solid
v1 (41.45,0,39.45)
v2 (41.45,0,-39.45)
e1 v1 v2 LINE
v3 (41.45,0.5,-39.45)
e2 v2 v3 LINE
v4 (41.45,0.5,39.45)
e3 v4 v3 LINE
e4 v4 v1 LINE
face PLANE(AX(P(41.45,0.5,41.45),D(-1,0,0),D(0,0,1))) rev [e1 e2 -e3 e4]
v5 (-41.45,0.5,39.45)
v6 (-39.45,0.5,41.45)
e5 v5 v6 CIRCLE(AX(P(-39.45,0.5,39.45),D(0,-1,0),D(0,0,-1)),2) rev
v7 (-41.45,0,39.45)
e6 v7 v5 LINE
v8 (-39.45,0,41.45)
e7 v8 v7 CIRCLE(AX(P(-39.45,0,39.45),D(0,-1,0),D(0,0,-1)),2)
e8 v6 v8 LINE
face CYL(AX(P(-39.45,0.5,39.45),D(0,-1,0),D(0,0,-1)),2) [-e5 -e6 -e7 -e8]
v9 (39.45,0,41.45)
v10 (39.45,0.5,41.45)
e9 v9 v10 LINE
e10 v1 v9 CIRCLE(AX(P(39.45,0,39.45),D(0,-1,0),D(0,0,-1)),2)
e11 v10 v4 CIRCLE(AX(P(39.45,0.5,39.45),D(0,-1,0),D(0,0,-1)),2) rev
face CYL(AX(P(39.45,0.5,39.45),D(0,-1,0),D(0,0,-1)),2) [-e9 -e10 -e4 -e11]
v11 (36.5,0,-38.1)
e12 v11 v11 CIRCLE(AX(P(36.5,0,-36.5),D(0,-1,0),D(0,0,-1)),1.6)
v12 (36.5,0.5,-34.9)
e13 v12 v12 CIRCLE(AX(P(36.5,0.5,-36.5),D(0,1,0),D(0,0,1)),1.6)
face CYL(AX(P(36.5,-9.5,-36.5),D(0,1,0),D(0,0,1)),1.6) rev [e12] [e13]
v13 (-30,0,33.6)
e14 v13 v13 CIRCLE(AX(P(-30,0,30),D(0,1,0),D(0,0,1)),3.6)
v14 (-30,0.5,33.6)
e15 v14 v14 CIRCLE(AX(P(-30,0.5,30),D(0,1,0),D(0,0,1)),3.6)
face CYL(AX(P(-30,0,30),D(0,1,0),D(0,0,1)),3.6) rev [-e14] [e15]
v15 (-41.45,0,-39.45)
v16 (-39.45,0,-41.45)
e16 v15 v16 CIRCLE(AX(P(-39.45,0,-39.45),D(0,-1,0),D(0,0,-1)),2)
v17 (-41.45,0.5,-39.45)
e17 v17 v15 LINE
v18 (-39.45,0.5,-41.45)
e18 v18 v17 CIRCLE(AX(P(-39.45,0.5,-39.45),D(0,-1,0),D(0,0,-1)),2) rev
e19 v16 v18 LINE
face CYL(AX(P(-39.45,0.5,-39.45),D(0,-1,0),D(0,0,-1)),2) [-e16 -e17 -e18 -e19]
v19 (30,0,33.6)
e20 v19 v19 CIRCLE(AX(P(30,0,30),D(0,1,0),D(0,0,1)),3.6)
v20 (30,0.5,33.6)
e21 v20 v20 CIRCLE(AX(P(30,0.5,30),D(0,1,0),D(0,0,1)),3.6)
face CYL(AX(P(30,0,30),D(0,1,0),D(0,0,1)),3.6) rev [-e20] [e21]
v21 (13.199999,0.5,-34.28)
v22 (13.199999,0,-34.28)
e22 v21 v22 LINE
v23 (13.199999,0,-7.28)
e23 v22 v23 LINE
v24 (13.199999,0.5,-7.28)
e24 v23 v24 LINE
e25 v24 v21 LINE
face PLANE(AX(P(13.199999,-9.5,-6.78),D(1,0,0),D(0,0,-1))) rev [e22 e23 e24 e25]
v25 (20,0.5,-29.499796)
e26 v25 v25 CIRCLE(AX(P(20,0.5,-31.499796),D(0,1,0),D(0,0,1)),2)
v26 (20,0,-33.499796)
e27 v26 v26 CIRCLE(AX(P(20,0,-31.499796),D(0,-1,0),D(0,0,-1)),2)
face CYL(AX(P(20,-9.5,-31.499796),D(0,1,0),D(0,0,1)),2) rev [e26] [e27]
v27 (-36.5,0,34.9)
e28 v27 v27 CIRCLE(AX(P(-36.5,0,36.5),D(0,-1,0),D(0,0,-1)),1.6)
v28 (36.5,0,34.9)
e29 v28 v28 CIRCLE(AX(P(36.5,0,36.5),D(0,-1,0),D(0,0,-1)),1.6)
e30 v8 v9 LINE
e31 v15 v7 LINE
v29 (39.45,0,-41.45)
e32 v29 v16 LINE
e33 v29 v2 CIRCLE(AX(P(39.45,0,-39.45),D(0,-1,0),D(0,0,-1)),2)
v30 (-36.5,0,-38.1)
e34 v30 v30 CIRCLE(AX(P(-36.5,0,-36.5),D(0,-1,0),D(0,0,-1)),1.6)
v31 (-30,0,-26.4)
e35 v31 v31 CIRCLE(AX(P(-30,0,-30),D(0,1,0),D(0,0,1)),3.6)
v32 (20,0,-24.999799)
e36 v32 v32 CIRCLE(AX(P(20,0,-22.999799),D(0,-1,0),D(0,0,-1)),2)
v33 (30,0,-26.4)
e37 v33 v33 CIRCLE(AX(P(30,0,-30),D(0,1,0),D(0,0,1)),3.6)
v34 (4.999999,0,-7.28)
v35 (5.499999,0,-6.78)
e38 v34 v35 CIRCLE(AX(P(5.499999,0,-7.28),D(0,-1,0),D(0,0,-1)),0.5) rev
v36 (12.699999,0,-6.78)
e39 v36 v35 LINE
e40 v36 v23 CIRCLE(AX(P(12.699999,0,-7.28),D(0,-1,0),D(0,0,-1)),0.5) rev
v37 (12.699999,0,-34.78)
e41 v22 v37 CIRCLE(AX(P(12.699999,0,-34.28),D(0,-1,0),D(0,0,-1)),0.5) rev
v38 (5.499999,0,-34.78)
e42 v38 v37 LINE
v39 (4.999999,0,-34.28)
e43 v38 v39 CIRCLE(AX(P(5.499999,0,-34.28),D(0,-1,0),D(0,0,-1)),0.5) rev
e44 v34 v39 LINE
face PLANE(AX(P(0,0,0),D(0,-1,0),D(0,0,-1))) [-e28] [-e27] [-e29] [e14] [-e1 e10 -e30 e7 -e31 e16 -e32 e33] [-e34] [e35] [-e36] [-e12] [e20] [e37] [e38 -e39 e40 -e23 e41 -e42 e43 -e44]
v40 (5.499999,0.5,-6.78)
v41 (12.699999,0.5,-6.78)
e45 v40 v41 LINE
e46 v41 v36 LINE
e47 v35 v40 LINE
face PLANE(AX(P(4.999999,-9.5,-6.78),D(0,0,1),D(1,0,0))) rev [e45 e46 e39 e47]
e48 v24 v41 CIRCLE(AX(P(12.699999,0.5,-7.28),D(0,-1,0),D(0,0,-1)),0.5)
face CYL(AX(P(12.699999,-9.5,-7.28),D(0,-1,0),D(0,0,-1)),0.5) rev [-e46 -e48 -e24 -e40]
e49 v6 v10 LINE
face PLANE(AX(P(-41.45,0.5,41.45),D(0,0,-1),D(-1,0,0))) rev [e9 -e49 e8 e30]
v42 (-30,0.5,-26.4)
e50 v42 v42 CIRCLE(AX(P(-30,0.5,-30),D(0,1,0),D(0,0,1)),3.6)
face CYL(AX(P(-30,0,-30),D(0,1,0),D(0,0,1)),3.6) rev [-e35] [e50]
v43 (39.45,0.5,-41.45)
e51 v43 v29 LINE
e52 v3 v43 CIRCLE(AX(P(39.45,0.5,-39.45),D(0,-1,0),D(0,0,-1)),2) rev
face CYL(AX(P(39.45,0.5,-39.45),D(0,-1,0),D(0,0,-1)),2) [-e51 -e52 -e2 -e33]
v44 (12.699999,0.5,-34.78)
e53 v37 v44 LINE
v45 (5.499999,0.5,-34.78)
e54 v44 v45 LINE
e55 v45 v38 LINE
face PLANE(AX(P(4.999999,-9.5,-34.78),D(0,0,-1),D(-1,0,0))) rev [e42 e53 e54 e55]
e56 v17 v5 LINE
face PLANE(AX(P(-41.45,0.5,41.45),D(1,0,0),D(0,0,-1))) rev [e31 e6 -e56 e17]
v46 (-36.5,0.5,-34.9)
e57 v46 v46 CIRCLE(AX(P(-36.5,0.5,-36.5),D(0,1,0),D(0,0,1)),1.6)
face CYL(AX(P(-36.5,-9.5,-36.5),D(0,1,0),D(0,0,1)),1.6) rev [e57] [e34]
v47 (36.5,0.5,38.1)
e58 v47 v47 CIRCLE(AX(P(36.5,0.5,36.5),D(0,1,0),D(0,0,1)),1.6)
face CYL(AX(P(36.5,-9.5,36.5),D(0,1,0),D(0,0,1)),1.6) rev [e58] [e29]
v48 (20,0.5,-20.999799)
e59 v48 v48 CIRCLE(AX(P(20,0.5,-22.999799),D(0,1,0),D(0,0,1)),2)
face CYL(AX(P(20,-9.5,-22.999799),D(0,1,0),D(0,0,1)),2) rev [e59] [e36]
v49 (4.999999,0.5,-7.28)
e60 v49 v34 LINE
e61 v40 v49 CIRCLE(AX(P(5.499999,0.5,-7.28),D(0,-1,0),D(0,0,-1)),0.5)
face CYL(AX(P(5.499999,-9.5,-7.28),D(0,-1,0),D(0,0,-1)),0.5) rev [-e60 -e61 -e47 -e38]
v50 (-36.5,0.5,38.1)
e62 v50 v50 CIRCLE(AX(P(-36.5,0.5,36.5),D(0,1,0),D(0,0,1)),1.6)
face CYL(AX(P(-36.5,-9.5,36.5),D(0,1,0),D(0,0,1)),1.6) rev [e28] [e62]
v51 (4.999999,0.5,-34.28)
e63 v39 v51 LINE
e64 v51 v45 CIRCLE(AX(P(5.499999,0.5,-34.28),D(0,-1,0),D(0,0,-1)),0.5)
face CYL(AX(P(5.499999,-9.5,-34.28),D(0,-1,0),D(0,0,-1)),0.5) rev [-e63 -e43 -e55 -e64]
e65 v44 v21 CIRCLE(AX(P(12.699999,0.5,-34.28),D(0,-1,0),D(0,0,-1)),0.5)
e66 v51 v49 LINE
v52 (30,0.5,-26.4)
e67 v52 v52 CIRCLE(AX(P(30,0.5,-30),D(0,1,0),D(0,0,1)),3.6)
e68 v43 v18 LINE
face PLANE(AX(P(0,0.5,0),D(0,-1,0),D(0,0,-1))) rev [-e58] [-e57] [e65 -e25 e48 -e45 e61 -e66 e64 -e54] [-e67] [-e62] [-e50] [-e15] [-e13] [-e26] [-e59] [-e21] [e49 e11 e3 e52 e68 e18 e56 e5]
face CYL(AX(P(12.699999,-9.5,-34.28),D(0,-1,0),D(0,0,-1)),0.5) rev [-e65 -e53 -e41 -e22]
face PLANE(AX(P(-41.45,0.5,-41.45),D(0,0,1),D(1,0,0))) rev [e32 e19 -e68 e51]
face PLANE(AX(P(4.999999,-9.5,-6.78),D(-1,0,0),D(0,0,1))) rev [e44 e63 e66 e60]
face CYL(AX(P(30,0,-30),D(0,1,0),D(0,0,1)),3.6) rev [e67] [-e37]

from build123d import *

# Parameters (mm, degrees)
SKETCH1_W           = 82.9
SKETCH1_H           = 82.9
BOSS_EXTRUDE1_DEPTH = 0.5
SKETCH2_R           = 3.6
CUT_EXTRUDE1_DEPTH  = 59.62128453
FILLET1_R           = 2
SKETCH3_R           = 1.6
CUT_EXTRUDE2_DEPTH  = 10
SKETCH4_R           = 2
CUT_EXTRUDE3_DEPTH  = 10
SKETCH7_W           = 8.2
SKETCH7_H           = 28
CUT_EXTRUDE5_DEPTH  = 10
FILLET3_R           = 0.5


with BuildPart() as part:
    # Sketch1 → Boss-Extrude1 (new body)
    with BuildSketch(Plane(origin=(0, 0, 0), x_dir=(1, 0, 0), z_dir=(0, 1, 0))):
        Rectangle(SKETCH1_W, SKETCH1_H)
    extrude(amount=BOSS_EXTRUDE1_DEPTH)

    # Sketch2 → Cut-Extrude1 (cut, through all)
    with BuildSketch(Plane(origin=(0, 0.5, 0), x_dir=(1, 0, 0), z_dir=(0, 1, 0))):
        with Locations(Location((-30, 30, 0), (0, 0, 270))):
            Circle(SKETCH2_R)
        with Locations(Location((30, 30, 0), (0, 0, 270))):
            Circle(SKETCH2_R)
        with Locations(Location((30, -30, 0), (0, 0, 270))):
            Circle(SKETCH2_R)
        with Locations(Location((-30, -30, 0), (0, 0, 270))):
            Circle(SKETCH2_R)
    extrude(amount=-CUT_EXTRUDE1_DEPTH, mode=Mode.SUBTRACT)

    # Fillet1
    fillet1_edges = [part.edges().sort_by_distance(p)[0] for p in [
        (41.45, 0.25, 41.45),
        (-41.45, 0.25, 41.45),
        (-41.45, 0.25, -41.45),
        (41.45, 0.25, -41.45),
    ]]
    fillet(fillet1_edges, radius=FILLET1_R)

    # Sketch3 → Cut-Extrude2 (cut)
    with BuildSketch(Plane(origin=(0, 0.5, 0), x_dir=(1, 0, 0), z_dir=(0, 1, 0))):
        with Locations(Location((-36.5, 36.5, 0), (0, 0, 270))):
            Circle(SKETCH3_R)
        with Locations(Location((36.5, 36.5, 0), (0, 0, 270))):
            Circle(SKETCH3_R)
        with Locations(Location((36.5, -36.5, 0), (0, 0, 270))):
            Circle(SKETCH3_R)
        with Locations(Location((-36.5, -36.5, 0), (0, 0, 270))):
            Circle(SKETCH3_R)
    extrude(amount=-CUT_EXTRUDE2_DEPTH, mode=Mode.SUBTRACT)

    # Sketch4 → Cut-Extrude3 (cut)
    with BuildSketch(Plane(origin=(0, 0.5, 0), x_dir=(1, 0, 0), z_dir=(0, 1, 0))):
        with Locations(Location((19.999999567, 31.499795659, 0), (0, 0, 270))):
            Circle(SKETCH4_R)
        with Locations(Location((19.999999567, 22.999799474, 0), (0, 0, 270))):
            Circle(SKETCH4_R)
    extrude(amount=-CUT_EXTRUDE3_DEPTH, mode=Mode.SUBTRACT)

    # Sketch7 → Cut-Extrude5 (cut)
    with BuildSketch(Plane(origin=(0, 0.5, 0), x_dir=(1, 0, 0), z_dir=(0, 1, 0))):
        with Locations((9.09999852, 20.7799998)):
            Rectangle(SKETCH7_W, SKETCH7_H)
    extrude(amount=-CUT_EXTRUDE5_DEPTH, mode=Mode.SUBTRACT)

    # Fillet3
    fillet3_edges = [part.edges().sort_by_distance(p)[0] for p in [
        (13.19999852, 0.25, -34.7799998),
        (13.19999852, 0.25, -6.7799998),
        (4.99999852, 0.25, -6.7799998),
        (4.99999852, 0.25, -34.7799998),
    ]]
    fillet(fillet3_edges, radius=FILLET3_R)


solid = part.part
